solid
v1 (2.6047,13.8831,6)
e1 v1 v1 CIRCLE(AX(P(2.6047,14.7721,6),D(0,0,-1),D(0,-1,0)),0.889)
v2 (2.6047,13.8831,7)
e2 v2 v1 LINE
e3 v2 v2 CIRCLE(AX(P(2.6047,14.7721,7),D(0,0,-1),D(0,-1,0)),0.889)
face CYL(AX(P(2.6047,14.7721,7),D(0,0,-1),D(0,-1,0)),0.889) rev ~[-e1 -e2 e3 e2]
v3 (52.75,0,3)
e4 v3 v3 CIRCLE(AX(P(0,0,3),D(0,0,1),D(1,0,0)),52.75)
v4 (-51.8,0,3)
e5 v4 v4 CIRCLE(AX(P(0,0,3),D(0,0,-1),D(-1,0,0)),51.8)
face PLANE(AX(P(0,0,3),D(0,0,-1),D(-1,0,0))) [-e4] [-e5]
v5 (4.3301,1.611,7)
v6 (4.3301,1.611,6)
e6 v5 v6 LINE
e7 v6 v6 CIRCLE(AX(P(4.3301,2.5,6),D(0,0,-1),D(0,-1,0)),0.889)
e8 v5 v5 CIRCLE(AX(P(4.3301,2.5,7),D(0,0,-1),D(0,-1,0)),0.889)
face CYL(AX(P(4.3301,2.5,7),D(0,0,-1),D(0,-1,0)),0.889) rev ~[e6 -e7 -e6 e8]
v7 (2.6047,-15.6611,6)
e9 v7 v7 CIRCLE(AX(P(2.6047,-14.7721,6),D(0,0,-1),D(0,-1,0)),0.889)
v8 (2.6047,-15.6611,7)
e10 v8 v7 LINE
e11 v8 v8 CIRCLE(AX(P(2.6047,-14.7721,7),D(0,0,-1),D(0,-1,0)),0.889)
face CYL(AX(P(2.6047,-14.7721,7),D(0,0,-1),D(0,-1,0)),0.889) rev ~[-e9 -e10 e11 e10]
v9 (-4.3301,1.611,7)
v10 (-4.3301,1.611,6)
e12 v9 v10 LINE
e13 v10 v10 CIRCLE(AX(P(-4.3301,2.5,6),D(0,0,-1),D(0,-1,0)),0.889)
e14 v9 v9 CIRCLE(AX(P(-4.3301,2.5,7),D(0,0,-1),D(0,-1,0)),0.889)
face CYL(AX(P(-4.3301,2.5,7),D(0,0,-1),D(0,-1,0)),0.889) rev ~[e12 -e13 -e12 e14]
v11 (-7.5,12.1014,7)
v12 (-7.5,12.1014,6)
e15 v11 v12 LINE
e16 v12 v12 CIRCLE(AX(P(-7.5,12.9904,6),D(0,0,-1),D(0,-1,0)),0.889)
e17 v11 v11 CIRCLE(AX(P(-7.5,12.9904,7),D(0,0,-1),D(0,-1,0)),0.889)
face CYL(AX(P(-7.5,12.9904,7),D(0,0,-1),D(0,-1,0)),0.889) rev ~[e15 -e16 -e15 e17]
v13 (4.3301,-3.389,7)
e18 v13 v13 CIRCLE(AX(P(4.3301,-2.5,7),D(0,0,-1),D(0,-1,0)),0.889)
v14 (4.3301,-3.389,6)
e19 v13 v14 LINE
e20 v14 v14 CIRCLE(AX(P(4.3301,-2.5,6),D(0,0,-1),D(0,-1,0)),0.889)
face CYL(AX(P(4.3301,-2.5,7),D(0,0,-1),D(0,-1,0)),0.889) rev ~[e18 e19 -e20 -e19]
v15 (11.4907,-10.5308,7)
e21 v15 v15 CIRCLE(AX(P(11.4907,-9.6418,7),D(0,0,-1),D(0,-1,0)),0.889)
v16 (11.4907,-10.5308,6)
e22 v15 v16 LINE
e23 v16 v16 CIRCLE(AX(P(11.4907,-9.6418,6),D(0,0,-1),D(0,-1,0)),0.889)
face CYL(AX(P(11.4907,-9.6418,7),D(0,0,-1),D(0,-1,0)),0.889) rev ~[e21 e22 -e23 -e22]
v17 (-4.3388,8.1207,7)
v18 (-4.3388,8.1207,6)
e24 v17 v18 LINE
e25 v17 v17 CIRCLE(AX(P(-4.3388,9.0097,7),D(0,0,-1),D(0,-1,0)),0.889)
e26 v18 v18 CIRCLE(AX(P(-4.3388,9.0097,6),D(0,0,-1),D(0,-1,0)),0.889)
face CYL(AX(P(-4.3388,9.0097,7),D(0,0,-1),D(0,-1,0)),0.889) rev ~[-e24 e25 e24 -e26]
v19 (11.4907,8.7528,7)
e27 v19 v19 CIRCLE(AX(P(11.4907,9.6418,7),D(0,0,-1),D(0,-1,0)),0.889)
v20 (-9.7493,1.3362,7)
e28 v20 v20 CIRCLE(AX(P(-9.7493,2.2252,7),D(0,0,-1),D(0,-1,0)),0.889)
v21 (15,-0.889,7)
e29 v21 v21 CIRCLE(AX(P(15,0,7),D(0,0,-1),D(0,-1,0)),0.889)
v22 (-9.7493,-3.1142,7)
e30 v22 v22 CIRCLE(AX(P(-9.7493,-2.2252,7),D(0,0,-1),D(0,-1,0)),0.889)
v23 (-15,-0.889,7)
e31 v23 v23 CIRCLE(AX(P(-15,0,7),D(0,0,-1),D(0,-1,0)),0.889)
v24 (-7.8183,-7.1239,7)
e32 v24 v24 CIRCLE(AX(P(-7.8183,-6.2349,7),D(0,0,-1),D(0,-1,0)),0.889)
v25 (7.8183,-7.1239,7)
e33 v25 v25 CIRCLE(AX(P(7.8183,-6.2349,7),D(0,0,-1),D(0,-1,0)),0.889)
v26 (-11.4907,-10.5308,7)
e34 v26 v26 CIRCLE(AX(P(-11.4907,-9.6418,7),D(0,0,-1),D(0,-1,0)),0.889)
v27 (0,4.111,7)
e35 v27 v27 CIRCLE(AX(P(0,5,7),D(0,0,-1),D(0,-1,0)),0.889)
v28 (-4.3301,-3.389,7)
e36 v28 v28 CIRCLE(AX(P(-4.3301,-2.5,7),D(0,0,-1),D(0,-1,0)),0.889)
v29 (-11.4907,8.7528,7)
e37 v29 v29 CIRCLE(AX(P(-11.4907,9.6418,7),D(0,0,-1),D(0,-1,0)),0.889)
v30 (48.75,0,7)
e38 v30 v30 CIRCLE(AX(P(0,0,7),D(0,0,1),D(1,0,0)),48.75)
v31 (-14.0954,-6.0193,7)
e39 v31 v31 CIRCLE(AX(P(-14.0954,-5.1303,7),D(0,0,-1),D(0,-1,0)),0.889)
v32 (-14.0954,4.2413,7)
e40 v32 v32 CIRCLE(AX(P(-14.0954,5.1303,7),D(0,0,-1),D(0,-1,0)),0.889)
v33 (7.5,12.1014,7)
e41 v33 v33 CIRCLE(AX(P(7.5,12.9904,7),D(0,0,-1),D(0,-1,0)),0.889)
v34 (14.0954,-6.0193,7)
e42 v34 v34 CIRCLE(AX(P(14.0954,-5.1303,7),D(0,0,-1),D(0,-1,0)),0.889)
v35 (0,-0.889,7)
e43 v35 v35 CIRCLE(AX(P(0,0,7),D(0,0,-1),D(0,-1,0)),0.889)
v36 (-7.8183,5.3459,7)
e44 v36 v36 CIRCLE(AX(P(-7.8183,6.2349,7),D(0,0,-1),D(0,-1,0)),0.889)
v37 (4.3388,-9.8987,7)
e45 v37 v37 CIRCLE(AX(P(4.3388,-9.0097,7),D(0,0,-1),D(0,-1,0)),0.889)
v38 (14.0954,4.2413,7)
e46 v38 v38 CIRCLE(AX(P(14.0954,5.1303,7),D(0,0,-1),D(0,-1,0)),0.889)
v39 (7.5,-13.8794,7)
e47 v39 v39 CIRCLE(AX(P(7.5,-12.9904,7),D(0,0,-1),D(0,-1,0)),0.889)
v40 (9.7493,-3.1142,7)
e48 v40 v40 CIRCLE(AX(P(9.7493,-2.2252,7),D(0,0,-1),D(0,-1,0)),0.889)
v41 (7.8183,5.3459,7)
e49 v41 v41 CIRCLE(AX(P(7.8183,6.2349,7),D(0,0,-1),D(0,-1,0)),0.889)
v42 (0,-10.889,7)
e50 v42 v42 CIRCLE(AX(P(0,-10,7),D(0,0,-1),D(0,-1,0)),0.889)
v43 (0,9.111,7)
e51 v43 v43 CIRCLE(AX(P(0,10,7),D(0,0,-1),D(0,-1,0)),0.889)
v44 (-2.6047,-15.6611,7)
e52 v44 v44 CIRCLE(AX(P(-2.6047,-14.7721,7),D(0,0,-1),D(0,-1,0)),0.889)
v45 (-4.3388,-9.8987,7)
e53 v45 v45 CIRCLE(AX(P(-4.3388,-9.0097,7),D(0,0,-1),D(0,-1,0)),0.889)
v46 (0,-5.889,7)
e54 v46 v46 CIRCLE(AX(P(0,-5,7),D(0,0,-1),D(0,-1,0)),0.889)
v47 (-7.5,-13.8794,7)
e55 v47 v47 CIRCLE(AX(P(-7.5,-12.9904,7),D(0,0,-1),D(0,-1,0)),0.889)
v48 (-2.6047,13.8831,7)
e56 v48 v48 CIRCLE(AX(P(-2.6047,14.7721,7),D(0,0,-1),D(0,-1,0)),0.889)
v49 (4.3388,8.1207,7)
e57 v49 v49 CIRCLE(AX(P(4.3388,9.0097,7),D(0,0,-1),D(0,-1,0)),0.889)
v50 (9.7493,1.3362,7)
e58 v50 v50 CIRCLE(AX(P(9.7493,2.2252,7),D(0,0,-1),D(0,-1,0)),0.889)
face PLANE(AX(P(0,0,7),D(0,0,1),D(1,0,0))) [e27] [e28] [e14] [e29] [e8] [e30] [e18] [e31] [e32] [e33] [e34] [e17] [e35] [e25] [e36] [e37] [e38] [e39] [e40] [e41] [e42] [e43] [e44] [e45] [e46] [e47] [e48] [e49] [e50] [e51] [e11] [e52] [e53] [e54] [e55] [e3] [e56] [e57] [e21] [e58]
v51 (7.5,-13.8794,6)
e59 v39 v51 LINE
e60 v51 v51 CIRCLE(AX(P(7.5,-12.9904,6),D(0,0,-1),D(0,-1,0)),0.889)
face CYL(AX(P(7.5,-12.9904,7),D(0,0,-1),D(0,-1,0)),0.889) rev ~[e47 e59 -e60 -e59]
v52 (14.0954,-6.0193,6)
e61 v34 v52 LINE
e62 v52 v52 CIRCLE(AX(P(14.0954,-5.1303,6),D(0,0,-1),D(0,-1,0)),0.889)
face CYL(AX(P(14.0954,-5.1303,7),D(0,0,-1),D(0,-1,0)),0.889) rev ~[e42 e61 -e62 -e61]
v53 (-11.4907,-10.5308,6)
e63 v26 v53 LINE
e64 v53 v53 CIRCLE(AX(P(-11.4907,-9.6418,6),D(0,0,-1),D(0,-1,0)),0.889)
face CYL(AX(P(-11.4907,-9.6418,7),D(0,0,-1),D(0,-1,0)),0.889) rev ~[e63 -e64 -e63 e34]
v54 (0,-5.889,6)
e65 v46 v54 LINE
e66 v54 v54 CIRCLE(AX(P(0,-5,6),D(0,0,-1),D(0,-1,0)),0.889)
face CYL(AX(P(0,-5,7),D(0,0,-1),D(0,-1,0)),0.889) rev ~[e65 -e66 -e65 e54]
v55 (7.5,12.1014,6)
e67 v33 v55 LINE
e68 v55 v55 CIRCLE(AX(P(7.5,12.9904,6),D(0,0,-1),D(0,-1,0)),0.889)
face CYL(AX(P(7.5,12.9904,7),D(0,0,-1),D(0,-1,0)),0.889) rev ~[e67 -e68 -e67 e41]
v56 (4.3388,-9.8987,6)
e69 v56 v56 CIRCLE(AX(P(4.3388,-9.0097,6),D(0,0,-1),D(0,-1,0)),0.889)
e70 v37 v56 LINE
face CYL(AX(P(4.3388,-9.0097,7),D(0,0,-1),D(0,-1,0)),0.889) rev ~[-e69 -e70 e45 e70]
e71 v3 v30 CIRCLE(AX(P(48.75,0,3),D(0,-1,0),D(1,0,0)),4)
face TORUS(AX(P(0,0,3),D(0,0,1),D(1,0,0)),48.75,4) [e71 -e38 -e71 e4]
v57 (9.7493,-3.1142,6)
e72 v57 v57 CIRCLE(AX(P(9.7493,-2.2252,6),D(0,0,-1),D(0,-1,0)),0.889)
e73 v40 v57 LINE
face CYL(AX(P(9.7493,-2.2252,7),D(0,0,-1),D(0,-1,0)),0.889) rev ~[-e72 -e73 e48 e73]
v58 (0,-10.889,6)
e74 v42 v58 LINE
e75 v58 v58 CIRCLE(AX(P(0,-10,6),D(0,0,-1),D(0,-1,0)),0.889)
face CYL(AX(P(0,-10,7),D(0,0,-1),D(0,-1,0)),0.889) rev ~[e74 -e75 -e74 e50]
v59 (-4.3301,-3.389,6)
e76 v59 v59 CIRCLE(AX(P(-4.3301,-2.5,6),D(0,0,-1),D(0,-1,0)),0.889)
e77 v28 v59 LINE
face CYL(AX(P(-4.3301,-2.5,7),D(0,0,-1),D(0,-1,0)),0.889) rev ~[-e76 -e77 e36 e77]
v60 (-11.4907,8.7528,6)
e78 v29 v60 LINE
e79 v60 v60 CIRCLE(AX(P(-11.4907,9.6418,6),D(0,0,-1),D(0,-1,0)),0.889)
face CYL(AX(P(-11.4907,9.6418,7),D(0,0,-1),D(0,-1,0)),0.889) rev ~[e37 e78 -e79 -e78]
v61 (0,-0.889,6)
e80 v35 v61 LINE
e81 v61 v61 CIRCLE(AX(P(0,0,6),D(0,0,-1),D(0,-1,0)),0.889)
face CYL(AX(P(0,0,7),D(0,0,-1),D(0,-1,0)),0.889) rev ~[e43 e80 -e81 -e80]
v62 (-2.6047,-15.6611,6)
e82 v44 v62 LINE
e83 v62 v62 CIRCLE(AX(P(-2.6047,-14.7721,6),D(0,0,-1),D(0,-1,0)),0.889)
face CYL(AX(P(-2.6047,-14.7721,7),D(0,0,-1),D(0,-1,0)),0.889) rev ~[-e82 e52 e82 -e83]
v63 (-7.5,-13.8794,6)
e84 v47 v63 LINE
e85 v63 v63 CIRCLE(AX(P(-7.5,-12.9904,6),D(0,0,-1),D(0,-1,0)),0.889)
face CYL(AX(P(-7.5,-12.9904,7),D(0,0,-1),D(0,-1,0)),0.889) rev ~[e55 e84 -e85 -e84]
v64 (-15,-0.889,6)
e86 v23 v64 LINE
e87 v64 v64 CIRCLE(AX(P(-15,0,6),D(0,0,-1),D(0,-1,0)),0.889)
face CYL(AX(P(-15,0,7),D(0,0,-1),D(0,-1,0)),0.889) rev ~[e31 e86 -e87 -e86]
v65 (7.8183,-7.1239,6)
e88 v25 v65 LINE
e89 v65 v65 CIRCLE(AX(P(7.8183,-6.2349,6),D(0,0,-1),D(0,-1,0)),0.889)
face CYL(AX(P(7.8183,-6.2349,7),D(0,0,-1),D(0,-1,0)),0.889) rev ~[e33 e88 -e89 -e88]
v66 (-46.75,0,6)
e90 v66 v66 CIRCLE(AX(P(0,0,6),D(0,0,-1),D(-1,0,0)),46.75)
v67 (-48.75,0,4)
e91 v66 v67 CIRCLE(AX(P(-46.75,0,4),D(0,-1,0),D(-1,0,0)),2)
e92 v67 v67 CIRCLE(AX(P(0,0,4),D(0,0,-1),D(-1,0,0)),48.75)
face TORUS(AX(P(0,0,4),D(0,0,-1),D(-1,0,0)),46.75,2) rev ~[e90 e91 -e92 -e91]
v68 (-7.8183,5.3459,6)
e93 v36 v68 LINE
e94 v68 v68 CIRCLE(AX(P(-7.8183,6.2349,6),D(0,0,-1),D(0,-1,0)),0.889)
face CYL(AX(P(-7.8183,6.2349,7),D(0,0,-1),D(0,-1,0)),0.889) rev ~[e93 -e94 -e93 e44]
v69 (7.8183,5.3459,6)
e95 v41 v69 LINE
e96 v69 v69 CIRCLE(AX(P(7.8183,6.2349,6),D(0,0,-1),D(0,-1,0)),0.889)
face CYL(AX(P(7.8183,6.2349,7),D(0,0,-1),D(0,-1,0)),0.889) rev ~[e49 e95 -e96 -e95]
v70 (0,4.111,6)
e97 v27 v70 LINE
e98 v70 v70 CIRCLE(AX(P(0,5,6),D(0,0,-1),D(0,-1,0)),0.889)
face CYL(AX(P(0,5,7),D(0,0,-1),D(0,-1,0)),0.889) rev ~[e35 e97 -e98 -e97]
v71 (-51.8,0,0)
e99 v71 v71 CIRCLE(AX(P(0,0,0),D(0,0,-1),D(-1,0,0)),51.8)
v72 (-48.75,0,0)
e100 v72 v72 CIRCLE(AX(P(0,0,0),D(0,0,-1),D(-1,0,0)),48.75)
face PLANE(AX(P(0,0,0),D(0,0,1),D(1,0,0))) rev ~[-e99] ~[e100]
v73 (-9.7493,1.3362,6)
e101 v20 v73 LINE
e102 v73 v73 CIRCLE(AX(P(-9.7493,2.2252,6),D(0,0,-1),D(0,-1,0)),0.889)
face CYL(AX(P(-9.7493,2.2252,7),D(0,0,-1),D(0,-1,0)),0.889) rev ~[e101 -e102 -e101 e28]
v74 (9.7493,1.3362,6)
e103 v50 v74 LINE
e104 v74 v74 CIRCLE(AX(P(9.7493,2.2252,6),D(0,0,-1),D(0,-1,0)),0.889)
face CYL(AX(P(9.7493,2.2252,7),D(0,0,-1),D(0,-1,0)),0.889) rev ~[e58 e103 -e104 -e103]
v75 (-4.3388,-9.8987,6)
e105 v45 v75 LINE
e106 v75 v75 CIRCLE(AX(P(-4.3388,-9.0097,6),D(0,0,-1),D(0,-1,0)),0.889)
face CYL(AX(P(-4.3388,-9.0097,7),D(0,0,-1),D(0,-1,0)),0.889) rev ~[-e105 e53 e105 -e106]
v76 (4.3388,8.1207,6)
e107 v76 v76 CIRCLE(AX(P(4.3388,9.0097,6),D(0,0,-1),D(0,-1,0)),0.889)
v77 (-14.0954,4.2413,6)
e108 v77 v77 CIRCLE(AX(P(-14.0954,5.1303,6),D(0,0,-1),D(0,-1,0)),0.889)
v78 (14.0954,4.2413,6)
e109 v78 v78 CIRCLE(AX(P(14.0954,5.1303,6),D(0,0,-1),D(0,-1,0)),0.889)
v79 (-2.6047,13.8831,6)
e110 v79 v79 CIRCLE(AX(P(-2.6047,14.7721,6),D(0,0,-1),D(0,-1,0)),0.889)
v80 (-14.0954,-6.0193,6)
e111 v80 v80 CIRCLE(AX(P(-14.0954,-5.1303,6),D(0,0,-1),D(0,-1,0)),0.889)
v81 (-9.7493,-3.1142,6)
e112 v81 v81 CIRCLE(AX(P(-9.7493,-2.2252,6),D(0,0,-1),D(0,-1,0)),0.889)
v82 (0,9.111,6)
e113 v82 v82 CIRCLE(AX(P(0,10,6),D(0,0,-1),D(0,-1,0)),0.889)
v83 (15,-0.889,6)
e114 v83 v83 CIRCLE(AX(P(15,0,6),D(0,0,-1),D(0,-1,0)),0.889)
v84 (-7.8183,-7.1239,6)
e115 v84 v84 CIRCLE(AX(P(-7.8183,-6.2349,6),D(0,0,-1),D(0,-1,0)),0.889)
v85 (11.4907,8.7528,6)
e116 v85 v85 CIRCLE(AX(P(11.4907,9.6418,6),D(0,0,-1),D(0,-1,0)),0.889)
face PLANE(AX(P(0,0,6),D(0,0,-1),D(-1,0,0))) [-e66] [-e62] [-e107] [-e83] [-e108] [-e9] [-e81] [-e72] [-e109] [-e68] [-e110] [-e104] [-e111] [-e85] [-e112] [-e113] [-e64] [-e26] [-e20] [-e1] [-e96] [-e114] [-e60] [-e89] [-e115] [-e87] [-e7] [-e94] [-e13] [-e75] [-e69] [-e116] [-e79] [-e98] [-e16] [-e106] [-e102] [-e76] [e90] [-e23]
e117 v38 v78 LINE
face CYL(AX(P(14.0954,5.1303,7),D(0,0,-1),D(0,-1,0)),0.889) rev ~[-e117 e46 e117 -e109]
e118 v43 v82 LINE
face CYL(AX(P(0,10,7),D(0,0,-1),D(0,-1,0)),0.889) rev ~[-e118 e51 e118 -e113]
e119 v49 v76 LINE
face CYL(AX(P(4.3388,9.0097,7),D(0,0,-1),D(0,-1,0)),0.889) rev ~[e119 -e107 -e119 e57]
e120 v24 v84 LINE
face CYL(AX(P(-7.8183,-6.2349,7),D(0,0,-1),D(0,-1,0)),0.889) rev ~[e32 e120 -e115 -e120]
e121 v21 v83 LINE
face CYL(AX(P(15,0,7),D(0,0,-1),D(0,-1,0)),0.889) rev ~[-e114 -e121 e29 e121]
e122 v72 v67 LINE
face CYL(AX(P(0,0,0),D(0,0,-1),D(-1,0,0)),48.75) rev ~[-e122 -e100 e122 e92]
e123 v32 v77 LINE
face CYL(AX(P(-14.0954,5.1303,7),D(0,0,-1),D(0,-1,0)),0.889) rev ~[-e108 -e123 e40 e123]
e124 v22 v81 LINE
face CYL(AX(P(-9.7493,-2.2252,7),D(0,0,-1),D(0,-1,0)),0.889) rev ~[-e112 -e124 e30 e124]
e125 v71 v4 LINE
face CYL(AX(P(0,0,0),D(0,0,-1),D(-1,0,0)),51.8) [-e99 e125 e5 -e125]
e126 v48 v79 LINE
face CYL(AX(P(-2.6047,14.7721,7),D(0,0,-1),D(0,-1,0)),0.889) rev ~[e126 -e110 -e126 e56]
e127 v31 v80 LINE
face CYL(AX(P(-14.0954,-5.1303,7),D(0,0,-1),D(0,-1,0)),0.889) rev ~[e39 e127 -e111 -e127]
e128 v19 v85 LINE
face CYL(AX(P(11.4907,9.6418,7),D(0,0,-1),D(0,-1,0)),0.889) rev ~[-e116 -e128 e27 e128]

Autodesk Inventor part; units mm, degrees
ref_plane "YZ Plane" through (0, 0, 0) normal (1, 0, 0) x (0, 1, 0)
ref_plane "XZ Plane" through (0, 0, 0) normal (0, 1, 0) x (-1, 0, 0)
ref_plane "XY Plane" through (0, 0, 0) normal (0, 0, 1) x (1, 0, 0)
sketch "Sketch1" plane through (0, 0, 0) normal (0, 0, 1) x (1, 0, 0)
  circle A0 centre (0, 0) radius 52.75
  dimension "d0" = 105.5
extrude "Extrusion1" add sketch "Sketch1" along normal blind 7
fillet "Fillet1" radius 4 1 edges at (-52.75, 0, 7)
sketch "Sketch2" plane through (0, 0, 0) normal (0, 0, -1) x (-1, 0, 0)
  circle A0 centre (0, 0) radius 51.8
  circle A1 centre (0, 0) radius 52.75
  circle A2 centre (0, 0) radius 52.75 projected
  dimension "d4" = 103.6
  dimension "d69" = 0
extrude "Extrusion2" cut sketch "Sketch2" against normal blind 3
sketch "Sketch3" plane through (0, 0, 0) normal (0, 0, -1) x (-1, 0, 0)
  circle A0 centre (0, 0) radius 48.75
extrude "Extrusion3" cut sketch "Sketch3" against normal blind 6
sketch "Sketch6" plane through (0, 0, 7) normal (0, 0, 1) x (1, 0, 0)
  circle A0 centre (0, 0) radius 15 construction
  circle A1 centre (15, 0) radius 1
  circle A2 centre (14.0954, 5.1303) radius 1
  circle A3 centre (11.4907, 9.6418) radius 1
  circle A4 centre (7.5, 12.9904) radius 1
  circle A5 centre (2.6047, 14.7721) radius 1
  circle A6 centre (-2.6047, 14.7721) radius 1
  circle A7 centre (-7.5, 12.9904) radius 1
  circle A8 centre (-11.4907, 9.6418) radius 1
  circle A9 centre (-14.0954, 5.1303) radius 1
  circle A10 centre (-15, 0) radius 1
  circle A11 centre (-14.0954, -5.1303) radius 1
  circle A12 centre (-11.4907, -9.6418) radius 1
  circle A13 centre (-7.5, -12.9904) radius 1
  circle A14 centre (-2.6047, -14.7721) radius 1
  circle A15 centre (2.6047, -14.7721) radius 1
  circle A16 centre (7.5, -12.9904) radius 1
  circle A17 centre (11.4907, -9.6418) radius 1
  circle A18 centre (14.0954, -5.1303) radius 1
  circle A19 centre (0, 0) radius 10 construction
  circle A20 centre (0, -10) radius 1
  circle A21 centre (4.3388, -9.0097) radius 1
  circle A22 centre (7.8183, -6.2349) radius 1
  circle A23 centre (9.7493, -2.2252) radius 1
  circle A24 centre (9.7493, 2.2252) radius 1
  circle A25 centre (7.8183, 6.2349) radius 1
  circle A26 centre (4.3388, 9.0097) radius 1
  circle A27 centre (0, 10) radius 1
  circle A28 centre (-4.3388, 9.0097) radius 1
  circle A29 centre (-7.8183, 6.2349) radius 1
  circle A30 centre (-9.7493, 2.2252) radius 1
  circle A31 centre (-9.7493, -2.2252) radius 1
  circle A32 centre (-7.8183, -6.2349) radius 1
  circle A33 centre (-4.3388, -9.0097) radius 1
  circle A34 centre (0, 0) radius 5 construction
  circle A35 centre (0, -5) radius 1
  circle A36 centre (4.3301, -2.5) radius 1
  circle A37 centre (4.3301, 2.5) radius 1
  circle A38 centre (0, 5) radius 1
  circle A39 centre (-4.3301, 2.5) radius 1
  circle A40 centre (-4.3301, -2.5) radius 1
  dimension "d44" = 30
  dimension "d50" = 20
  dimension "d56" = 10
  dimension "d45" = 2
  dimension "d48" = 360
  dimension "d51" = 2
  dimension "d54" = 360
  dimension "d57" = 2
  dimension "d60" = 360
hole "Hole1" at (0, 5, 7) at (0, 10, 7) at (4.3388, 9.0097, 7) at (7.8183, 6.2349, 7) at (7.5, 12.9904, 7) at (4.3301, 2.5, 7) at (9.7493, 2.2252, 7) at (0, 0, 7) at (0, 0, 7) at (0, 0, 7) at (4.3301, -2.5, 7) at (-7.8183, 6.2349, 7) at (-4.3301, -2.5, 7) at (0, -5, 7) at (0, 0, 7) at (15, 0, 7) at (14.0954, 5.1303, 7) at (11.4907, 9.6418, 7) at (2.6047, 14.7721, 7) at (-4.3388, 9.0097, 7) at (-11.4907, 9.6418, 7) at (-7.5, 12.9904, 7) at (-2.6047, 14.7721, 7) at (11.4907, -9.6418, 7) at (9.7493, -2.2252, 7) at (7.8183, -6.2349, 7) at (14.0954, -5.1303, 7) at (-14.0954, 5.1303, 7) at (-15, 0, 7) at (-14.0954, -5.1303, 7) at (-11.4907, -9.6418, 7) at (-7.5, -12.9904, 7) at (-4.3301, 2.5, 7) at (-4.3388, -9.0097, 7) at (-7.8183, -6.2349, 7) at (-9.7493, 2.2252, 7) at (-9.7493, -2.2252, 7) at (-2.6047, -14.7721, 7) at (2.6047, -14.7721, 7) at (7.5, -12.9904, 7) at (4.3388, -9.0097, 7) at (0, -10, 7) direction (0, 0, -1) diameter 1.778 depth 10.688
fillet "Fillet2" radius 2 1 edges at (48.75, 0, 6)
properties part number "lid_top" material "PC/ABS Plastic"
